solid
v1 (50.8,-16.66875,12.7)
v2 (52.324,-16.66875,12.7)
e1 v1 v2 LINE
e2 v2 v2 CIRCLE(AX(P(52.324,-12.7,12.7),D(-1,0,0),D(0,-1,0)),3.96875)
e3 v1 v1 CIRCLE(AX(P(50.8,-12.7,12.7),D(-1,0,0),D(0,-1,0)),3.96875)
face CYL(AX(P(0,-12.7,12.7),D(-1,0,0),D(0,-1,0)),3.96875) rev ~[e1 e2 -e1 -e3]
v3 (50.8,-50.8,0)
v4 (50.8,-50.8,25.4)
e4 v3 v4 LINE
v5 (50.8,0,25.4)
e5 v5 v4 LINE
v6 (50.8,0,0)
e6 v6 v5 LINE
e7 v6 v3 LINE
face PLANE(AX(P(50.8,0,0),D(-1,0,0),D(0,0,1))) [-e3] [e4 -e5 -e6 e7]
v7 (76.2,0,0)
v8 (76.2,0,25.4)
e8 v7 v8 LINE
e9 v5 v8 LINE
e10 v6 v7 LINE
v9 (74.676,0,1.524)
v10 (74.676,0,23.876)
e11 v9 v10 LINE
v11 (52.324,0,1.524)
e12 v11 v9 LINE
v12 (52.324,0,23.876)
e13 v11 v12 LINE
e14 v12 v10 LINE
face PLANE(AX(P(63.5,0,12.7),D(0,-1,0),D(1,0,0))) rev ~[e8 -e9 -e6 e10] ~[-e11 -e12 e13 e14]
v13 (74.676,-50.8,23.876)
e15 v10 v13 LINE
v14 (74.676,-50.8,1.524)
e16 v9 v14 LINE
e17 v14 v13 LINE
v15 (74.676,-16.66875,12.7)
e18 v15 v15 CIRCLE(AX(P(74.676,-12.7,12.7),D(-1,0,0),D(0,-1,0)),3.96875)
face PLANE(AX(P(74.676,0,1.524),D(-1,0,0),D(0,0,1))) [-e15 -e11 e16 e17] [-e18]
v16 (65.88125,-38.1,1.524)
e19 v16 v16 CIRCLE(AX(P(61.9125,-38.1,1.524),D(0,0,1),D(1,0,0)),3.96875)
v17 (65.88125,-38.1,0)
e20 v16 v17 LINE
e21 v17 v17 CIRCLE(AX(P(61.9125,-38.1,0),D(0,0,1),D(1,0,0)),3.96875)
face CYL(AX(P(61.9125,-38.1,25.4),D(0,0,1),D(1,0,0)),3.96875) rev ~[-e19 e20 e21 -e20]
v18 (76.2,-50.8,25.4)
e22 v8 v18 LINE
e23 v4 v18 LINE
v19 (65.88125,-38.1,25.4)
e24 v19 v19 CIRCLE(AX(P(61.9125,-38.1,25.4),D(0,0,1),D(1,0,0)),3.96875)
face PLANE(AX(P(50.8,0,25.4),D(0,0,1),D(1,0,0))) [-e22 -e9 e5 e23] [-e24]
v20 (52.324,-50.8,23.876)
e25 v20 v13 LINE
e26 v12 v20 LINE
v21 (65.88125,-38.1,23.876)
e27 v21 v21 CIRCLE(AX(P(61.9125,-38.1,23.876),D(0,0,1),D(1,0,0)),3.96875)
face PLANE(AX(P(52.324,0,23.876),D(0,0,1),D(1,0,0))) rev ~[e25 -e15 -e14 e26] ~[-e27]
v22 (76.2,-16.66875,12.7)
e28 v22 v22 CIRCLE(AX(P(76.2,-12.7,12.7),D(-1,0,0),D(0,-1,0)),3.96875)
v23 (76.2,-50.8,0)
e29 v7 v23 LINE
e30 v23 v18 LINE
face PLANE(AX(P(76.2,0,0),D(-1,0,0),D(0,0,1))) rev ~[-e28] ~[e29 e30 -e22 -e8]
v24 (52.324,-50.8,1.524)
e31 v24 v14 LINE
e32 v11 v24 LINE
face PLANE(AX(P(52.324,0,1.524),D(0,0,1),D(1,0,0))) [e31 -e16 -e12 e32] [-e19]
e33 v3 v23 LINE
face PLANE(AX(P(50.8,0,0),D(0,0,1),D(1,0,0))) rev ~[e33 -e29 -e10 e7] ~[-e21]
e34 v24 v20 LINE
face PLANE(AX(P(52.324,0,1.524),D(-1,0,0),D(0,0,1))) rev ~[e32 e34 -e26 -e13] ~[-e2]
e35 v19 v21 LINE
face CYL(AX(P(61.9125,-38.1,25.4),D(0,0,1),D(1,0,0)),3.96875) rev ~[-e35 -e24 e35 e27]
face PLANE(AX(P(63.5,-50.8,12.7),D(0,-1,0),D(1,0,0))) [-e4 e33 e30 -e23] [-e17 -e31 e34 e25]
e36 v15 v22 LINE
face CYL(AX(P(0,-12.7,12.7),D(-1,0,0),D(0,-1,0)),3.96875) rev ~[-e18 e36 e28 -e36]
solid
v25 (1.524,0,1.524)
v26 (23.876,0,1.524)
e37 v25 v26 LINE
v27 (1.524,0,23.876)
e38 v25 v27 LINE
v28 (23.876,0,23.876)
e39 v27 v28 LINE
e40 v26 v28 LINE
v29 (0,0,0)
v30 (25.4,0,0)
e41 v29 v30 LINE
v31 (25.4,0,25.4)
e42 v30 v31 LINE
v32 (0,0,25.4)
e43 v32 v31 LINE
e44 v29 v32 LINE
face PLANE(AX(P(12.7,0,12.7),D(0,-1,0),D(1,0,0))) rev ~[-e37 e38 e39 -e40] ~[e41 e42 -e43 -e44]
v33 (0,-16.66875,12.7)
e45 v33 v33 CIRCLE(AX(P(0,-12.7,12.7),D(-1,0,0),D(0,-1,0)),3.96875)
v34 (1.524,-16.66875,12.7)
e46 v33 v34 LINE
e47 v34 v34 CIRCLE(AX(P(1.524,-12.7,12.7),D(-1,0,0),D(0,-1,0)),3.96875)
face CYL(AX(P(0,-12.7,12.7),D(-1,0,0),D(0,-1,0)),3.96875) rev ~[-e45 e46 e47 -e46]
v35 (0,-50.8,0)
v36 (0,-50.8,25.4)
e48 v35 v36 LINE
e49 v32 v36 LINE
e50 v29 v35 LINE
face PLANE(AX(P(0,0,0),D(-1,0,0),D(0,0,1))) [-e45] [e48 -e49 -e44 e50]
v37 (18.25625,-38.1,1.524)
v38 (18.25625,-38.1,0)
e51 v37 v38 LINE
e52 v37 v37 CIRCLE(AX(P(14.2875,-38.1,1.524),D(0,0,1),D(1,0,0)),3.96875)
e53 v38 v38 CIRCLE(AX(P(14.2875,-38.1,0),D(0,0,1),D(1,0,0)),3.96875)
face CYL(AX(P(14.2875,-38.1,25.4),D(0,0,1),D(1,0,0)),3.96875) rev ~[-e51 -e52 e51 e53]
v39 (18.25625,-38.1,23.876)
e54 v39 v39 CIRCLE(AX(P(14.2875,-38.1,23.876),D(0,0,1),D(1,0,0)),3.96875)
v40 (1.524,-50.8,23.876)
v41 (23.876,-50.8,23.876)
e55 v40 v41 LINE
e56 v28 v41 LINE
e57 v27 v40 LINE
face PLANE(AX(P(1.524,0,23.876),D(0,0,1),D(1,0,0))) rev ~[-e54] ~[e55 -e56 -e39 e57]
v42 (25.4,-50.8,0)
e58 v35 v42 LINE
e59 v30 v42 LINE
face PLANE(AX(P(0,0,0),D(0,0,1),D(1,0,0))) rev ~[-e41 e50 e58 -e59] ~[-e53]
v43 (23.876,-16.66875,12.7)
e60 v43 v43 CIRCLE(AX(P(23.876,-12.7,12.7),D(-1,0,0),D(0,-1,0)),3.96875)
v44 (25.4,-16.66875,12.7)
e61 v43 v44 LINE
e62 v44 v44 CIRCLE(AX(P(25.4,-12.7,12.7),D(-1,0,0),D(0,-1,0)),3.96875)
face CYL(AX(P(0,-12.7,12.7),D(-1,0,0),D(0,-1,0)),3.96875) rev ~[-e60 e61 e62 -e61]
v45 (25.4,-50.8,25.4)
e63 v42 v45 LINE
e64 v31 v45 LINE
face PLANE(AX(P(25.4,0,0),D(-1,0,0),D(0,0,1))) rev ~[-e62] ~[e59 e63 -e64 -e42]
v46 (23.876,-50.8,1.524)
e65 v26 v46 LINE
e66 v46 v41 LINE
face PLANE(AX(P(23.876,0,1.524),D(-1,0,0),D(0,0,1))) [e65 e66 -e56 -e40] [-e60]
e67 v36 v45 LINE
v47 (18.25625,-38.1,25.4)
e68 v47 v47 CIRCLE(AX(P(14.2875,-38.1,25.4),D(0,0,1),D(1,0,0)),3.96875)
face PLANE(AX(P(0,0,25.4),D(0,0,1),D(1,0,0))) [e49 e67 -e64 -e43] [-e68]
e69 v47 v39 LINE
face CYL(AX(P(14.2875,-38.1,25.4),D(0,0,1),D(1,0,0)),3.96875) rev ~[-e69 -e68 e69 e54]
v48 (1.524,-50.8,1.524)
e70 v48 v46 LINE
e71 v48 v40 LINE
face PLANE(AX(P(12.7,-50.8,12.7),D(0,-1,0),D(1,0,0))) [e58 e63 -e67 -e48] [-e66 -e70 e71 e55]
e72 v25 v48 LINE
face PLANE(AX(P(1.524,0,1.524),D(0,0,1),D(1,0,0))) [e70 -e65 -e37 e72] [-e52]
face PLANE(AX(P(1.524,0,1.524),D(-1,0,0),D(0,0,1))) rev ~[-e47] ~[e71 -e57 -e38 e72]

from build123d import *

# Parameters (mm, degrees)
F0_W     = 25.4
F0_H     = 25.4
F0_W_2   = 22.352
F0_H_2   = 22.352
F1_DEPTH = 50.8
F2_R     = 3.96875
F3_DEPTH = 25.401
F4_R     = 3.96875
F5_DEPTH = 76.201


with BuildPart() as f1:
    # F0 (on Front) → F1 (new body)
    with BuildSketch(Plane.XZ):
        with Locations((12.7, 12.7)):
            Rectangle(F0_W, F0_H)
        with Locations((12.7, 12.7)):
            Rectangle(F0_W_2, F0_H_2, mode=Mode.SUBTRACT)
        with Locations((63.5, 12.7)):
            Rectangle(F0_W, F0_H)
        with Locations((63.5, 12.7)):
            Rectangle(F0_W_2, F0_H_2, mode=Mode.SUBTRACT)
    extrude(amount=F1_DEPTH)

    # F2 (on face) → F3 (cut, through all)
    with BuildSketch(Plane.XY.offset(25.4)):
        with Locations((14.2875, -38.1)):
            Circle(F2_R)
        with Locations((61.9125, -38.1)):
            Circle(F2_R)
    extrude(amount=-F3_DEPTH, mode=Mode.SUBTRACT)

    # F4 (on face) → F5 (cut, through all)
    with BuildSketch(Plane(origin=(0, 0, 0), x_dir=(0, -1, 0), z_dir=(-1, 0, 0))):
        with Locations((12.7, 12.7)):
            Circle(F4_R)
    extrude(amount=-F5_DEPTH, mode=Mode.SUBTRACT)


solid = f1.part
